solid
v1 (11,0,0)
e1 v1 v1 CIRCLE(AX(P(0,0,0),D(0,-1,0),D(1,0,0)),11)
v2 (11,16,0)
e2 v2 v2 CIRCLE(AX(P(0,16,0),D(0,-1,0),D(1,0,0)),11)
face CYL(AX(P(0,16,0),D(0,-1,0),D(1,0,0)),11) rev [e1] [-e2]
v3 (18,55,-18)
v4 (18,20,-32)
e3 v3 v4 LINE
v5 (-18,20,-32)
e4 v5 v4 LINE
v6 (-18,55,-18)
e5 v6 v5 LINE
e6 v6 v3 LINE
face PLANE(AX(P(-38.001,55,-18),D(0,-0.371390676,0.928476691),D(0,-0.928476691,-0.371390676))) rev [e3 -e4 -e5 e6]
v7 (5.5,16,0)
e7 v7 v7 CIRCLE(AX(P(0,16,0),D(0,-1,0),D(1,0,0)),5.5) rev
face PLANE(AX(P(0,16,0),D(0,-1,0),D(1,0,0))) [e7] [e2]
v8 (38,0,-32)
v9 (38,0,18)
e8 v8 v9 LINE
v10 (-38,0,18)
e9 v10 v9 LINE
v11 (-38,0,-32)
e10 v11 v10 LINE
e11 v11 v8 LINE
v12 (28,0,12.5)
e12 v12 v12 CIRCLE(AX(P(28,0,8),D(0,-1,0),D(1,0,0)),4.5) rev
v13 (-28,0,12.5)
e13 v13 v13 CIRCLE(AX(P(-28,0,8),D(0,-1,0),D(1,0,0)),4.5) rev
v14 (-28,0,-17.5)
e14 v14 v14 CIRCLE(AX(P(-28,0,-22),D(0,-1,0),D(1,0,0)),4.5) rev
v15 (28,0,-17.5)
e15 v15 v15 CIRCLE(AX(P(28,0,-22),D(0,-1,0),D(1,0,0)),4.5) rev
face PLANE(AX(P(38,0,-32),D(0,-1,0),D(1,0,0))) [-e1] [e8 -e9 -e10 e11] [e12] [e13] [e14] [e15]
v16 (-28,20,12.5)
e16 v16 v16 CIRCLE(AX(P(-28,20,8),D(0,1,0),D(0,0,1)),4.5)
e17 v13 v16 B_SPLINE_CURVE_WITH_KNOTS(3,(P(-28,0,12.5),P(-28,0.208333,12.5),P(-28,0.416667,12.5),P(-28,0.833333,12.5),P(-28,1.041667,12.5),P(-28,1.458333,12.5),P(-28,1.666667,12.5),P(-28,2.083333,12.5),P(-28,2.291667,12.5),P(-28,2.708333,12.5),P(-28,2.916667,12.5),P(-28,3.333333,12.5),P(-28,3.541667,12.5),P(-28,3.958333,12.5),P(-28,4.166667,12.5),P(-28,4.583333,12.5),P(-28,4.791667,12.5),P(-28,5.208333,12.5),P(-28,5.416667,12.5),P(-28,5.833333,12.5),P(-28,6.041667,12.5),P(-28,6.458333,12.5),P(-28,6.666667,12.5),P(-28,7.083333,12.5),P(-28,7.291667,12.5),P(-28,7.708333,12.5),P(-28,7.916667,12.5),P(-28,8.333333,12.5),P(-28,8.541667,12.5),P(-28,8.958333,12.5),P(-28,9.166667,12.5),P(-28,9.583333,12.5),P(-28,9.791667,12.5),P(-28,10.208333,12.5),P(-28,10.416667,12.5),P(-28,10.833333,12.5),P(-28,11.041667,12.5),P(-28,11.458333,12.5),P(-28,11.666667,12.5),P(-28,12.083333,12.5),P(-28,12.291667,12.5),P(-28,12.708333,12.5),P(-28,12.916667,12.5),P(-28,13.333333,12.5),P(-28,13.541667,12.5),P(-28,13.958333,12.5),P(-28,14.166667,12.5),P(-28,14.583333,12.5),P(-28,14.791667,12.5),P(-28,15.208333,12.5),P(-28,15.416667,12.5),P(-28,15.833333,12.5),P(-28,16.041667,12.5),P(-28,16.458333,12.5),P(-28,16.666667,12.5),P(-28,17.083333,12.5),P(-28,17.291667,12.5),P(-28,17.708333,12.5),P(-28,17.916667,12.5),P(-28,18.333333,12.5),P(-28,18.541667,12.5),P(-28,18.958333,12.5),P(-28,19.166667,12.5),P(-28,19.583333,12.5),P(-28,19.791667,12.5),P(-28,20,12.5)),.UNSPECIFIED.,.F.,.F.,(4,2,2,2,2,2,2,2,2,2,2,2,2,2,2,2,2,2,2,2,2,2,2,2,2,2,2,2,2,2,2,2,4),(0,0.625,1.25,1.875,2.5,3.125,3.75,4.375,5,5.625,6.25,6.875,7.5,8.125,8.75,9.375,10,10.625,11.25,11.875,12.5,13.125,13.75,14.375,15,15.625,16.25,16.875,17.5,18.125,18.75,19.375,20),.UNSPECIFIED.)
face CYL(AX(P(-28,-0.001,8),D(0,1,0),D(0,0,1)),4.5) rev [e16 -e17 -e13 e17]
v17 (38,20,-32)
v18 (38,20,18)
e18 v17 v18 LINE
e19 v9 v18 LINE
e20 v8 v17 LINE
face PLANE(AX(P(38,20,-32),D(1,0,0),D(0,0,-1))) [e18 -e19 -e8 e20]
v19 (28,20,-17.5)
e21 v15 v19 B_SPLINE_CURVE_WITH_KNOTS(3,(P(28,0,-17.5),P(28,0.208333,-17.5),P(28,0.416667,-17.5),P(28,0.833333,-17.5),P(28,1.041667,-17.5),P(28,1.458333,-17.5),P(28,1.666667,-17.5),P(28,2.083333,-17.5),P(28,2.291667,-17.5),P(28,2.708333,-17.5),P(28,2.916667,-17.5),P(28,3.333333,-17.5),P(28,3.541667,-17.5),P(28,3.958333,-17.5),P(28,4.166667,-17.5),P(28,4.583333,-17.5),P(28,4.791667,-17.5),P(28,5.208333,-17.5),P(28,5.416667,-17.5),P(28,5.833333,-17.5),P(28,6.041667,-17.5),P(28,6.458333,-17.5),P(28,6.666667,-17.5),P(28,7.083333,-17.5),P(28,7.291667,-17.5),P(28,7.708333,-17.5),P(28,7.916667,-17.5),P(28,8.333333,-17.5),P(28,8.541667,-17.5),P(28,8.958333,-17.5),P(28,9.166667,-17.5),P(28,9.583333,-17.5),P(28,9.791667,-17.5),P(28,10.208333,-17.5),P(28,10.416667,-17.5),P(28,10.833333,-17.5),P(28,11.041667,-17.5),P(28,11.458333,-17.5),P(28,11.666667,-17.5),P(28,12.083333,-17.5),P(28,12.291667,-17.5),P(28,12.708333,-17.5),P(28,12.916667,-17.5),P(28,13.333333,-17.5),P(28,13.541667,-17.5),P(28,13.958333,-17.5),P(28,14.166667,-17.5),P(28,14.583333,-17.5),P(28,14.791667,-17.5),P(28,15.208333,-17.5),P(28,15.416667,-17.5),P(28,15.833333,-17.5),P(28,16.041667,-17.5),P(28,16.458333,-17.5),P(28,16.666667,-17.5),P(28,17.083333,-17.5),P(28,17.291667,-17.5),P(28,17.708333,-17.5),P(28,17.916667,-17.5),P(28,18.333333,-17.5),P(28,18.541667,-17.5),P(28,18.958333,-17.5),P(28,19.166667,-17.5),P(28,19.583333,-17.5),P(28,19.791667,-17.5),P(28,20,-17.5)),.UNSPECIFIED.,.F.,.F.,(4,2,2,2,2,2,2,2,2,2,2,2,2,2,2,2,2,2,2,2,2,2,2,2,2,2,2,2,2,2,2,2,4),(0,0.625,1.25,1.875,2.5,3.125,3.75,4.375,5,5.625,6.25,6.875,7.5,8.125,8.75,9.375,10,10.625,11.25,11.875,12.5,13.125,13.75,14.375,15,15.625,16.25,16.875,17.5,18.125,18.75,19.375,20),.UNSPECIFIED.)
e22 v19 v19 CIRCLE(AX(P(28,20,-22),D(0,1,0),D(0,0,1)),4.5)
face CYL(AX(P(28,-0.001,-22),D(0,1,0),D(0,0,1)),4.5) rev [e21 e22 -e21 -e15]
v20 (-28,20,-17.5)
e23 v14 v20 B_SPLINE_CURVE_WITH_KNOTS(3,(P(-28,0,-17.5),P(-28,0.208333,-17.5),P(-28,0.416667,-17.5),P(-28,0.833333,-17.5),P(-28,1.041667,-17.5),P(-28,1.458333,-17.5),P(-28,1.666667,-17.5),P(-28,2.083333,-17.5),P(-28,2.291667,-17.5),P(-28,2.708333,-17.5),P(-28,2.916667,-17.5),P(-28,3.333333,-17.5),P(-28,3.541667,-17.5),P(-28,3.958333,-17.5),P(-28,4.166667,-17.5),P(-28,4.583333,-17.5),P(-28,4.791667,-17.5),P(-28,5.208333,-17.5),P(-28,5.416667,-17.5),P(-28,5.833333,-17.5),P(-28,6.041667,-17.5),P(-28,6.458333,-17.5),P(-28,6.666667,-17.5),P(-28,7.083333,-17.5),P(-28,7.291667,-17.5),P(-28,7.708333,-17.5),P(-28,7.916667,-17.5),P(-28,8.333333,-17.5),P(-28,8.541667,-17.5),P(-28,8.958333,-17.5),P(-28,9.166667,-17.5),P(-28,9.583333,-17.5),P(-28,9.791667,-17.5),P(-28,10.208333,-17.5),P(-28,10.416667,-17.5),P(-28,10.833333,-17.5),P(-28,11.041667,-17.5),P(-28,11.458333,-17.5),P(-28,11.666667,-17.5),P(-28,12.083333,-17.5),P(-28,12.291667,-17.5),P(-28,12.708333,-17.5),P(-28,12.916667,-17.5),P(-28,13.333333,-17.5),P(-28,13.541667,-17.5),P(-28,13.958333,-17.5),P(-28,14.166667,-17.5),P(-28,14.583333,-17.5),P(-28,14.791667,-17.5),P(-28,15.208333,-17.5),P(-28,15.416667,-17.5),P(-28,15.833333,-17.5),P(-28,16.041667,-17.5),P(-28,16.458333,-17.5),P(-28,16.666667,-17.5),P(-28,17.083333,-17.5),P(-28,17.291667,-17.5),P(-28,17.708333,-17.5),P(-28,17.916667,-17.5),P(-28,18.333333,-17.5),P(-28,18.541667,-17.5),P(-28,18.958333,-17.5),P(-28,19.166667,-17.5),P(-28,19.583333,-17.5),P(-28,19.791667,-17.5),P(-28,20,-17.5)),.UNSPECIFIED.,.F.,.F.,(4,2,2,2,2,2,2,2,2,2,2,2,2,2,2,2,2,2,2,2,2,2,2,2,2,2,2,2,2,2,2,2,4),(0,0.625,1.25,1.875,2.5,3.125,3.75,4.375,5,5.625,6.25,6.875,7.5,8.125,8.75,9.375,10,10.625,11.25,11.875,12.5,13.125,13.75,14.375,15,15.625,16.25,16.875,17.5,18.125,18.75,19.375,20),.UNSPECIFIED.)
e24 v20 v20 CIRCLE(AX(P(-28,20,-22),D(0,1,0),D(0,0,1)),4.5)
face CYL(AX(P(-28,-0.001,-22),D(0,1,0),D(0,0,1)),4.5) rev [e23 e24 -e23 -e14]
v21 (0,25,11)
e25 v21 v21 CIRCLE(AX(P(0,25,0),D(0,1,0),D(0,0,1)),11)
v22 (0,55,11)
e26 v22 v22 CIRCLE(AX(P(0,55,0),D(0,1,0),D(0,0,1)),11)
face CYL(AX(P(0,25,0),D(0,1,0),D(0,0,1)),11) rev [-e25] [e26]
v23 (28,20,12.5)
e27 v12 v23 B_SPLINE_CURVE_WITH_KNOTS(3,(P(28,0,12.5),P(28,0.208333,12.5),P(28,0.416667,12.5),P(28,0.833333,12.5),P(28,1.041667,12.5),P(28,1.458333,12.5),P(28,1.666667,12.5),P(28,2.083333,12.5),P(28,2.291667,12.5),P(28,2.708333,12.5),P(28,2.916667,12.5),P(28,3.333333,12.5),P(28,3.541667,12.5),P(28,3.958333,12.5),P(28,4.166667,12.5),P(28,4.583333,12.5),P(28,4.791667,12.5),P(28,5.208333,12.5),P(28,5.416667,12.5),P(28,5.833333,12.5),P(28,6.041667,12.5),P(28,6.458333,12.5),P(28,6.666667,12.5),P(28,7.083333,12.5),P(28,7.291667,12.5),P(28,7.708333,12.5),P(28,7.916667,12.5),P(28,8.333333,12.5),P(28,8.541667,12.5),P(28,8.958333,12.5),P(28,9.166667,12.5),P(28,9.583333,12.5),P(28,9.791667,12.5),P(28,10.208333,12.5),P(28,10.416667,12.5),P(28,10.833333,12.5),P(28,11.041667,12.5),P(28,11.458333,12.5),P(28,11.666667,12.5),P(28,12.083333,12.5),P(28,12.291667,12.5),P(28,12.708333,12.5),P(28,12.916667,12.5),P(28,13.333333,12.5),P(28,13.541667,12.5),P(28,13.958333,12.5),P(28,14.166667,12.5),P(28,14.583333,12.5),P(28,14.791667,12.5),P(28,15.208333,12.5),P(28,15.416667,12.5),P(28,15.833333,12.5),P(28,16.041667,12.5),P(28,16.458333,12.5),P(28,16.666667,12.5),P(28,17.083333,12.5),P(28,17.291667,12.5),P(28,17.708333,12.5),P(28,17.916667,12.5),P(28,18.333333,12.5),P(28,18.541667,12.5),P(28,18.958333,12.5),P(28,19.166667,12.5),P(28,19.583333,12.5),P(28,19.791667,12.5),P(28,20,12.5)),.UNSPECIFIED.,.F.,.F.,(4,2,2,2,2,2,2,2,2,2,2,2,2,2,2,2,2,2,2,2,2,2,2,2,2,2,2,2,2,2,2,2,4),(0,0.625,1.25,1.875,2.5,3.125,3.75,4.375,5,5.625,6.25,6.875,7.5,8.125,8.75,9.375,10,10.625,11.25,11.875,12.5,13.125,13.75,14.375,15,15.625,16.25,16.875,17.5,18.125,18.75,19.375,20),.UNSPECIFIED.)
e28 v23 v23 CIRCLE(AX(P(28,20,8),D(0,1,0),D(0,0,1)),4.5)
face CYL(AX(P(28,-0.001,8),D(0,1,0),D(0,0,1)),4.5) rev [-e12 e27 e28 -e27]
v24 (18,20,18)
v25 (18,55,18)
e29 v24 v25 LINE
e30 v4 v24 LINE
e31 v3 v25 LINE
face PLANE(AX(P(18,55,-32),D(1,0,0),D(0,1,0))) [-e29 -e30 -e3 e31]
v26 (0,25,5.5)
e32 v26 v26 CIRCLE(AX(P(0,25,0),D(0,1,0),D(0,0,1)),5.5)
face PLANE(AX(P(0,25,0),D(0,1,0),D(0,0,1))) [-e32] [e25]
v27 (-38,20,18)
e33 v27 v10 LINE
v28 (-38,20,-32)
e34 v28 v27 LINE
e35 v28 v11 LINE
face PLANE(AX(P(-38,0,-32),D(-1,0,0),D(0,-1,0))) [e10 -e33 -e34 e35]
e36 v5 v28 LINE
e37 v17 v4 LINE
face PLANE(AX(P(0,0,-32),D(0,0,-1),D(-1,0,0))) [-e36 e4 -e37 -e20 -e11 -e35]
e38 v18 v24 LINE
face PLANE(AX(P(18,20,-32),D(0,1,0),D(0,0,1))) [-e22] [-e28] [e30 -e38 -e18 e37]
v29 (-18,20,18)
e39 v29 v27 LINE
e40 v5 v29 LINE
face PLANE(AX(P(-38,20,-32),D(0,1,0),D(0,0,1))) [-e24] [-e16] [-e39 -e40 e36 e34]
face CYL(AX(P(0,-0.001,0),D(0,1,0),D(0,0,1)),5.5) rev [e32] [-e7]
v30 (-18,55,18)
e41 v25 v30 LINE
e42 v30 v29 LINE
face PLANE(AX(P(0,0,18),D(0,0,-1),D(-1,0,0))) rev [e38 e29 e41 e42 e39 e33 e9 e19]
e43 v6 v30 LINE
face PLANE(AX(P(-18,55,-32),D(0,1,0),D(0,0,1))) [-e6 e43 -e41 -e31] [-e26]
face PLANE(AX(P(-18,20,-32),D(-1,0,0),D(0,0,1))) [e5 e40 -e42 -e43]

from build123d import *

# Parameters (mm, degrees)
SALIENTE_EXTRUIR1_DEPTH      = 18
SALIENTE_EXTRUIR1_DEPTH_BACK = 32
CROQUIS2_R                   = 11
CORTAR_EXTRUIR1_DEPTH        = 30
CORTAR_EXTRUIR2_START        = -16
CROQUIS3_R                   = 11
CORTAR_EXTRUIR2_DEPTH        = 16
CORTAR_EXTRUIR3_REACH        = 60.034
CROQUIS4_R                   = 5.5
CORTAR_EXTRUIR4_REACH        = 86.764
CORTAR_EXTRUIR5_REACH        = 62.77
CROQUIS6_R                   = 4.5


with BuildPart() as part:
    # Croquis1 → Saliente-Extruir1 (new, two sides: drawn at the far end of the back side and taken through both)
    with BuildSketch(Plane.XY.offset(-SALIENTE_EXTRUIR1_DEPTH_BACK)):
        Polygon((38, 0), (-38, 0), (-38, 20), (-18, 20), (-18, 55), (18, 55), (18, 20), (38, 20), align=None)
    extrude(amount=SALIENTE_EXTRUIR1_DEPTH + SALIENTE_EXTRUIR1_DEPTH_BACK)

    # Croquis2 → Cortar-Extruir1 (cut)
    with BuildSketch(Plane(origin=(0, 55, 0), x_dir=(1, 0, 0), z_dir=(0, 1, 0))):
        with Locations(Location((0, 0, 0), (0, 0, 270))):
            Circle(CROQUIS2_R)
    extrude(amount=-CORTAR_EXTRUIR1_DEPTH, mode=Mode.SUBTRACT)

    # Croquis3 → Cortar-Extruir2 (cut)
    with BuildSketch(Plane.XZ.offset(CORTAR_EXTRUIR2_START)):
        with Locations(Location((0, 0, 0), (0, 0, 90))):
            Circle(CROQUIS3_R)
    extrude(amount=CORTAR_EXTRUIR2_DEPTH, mode=Mode.SUBTRACT)

    # Croquis4 → Cortar-Extruir3 (cut, up to next)
    with BuildSketch(Plane(origin=(0, 25, 0), x_dir=(1, 0, 0), z_dir=(0, 1, 0)), mode=Mode.PRIVATE) as cortar_extruir3_sk1:
        with Locations(Location((0, 0, 0), (0, 0, 270))):
            Circle(CROQUIS4_R)
    cortar_extruir3_tool1 = extrude(cortar_extruir3_sk1.sketch, amount=-CORTAR_EXTRUIR3_REACH, mode=Mode.PRIVATE) & part.part
    add(cortar_extruir3_tool1.solids().sort_by_distance((0, 25, 0))[0], mode=Mode.SUBTRACT)

    # Croquis5 → Cortar-Extruir4 (cut, up to next)
    with BuildSketch(Plane(origin=(18, 0, 0), x_dir=(0, 0, -1), z_dir=(1, 0, 0)), mode=Mode.PRIVATE) as cortar_extruir4_sk1:
        Polygon((32, 55), (32, 20), (18, 55), align=None)
    cortar_extruir4_tool1 = extrude(cortar_extruir4_sk1.sketch, amount=-CORTAR_EXTRUIR4_REACH, mode=Mode.PRIVATE) & part.part
    add(cortar_extruir4_tool1.solids().sort_by_distance((18, 43.333333, -27.333333))[0], mode=Mode.SUBTRACT)

    # Croquis6 → Cortar-Extruir5 (cut, up to next)
    with BuildSketch(Plane(origin=(0, 20, 0), x_dir=(1, 0, 0), z_dir=(0, 1, 0)), mode=Mode.PRIVATE) as cortar_extruir5_sk1:
        with Locations(Location((-28, 22, 0), (0, 0, 270))):
            Circle(CROQUIS6_R)
    cortar_extruir5_tool1 = extrude(cortar_extruir5_sk1.sketch, amount=-CORTAR_EXTRUIR5_REACH, mode=Mode.PRIVATE) & part.part
    # Croquis6 → Cortar-Extruir5 (cut, up to next)
    with BuildSketch(Plane(origin=(0, 20, 0), x_dir=(1, 0, 0), z_dir=(0, 1, 0)), mode=Mode.PRIVATE) as cortar_extruir5_sk2:
        with Locations(Location((-28, -8, 0), (0, 0, 270))):
            Circle(CROQUIS6_R)
    cortar_extruir5_tool2 = extrude(cortar_extruir5_sk2.sketch, amount=-CORTAR_EXTRUIR5_REACH, mode=Mode.PRIVATE) & part.part
    # Croquis6 → Cortar-Extruir5 (cut, up to next)
    with BuildSketch(Plane(origin=(0, 20, 0), x_dir=(1, 0, 0), z_dir=(0, 1, 0)), mode=Mode.PRIVATE) as cortar_extruir5_sk3:
        with Locations(Location((28, 22, 0), (0, 0, 270))):
            Circle(CROQUIS6_R)
    cortar_extruir5_tool3 = extrude(cortar_extruir5_sk3.sketch, amount=-CORTAR_EXTRUIR5_REACH, mode=Mode.PRIVATE) & part.part
    # Croquis6 → Cortar-Extruir5 (cut, up to next)
    with BuildSketch(Plane(origin=(0, 20, 0), x_dir=(1, 0, 0), z_dir=(0, 1, 0)), mode=Mode.PRIVATE) as cortar_extruir5_sk4:
        with Locations(Location((28, -8, 0), (0, 0, 270))):
            Circle(CROQUIS6_R)
    cortar_extruir5_tool4 = extrude(cortar_extruir5_sk4.sketch, amount=-CORTAR_EXTRUIR5_REACH, mode=Mode.PRIVATE) & part.part
    add(cortar_extruir5_tool1.solids().sort_by_distance((-28, 20, -22))[0], mode=Mode.SUBTRACT)
    add(cortar_extruir5_tool2.solids().sort_by_distance((-28, 20, 8))[0], mode=Mode.SUBTRACT)
    add(cortar_extruir5_tool3.solids().sort_by_distance((28, 20, -22))[0], mode=Mode.SUBTRACT)
    add(cortar_extruir5_tool4.solids().sort_by_distance((28, 20, 8))[0], mode=Mode.SUBTRACT)


solid = part.part
